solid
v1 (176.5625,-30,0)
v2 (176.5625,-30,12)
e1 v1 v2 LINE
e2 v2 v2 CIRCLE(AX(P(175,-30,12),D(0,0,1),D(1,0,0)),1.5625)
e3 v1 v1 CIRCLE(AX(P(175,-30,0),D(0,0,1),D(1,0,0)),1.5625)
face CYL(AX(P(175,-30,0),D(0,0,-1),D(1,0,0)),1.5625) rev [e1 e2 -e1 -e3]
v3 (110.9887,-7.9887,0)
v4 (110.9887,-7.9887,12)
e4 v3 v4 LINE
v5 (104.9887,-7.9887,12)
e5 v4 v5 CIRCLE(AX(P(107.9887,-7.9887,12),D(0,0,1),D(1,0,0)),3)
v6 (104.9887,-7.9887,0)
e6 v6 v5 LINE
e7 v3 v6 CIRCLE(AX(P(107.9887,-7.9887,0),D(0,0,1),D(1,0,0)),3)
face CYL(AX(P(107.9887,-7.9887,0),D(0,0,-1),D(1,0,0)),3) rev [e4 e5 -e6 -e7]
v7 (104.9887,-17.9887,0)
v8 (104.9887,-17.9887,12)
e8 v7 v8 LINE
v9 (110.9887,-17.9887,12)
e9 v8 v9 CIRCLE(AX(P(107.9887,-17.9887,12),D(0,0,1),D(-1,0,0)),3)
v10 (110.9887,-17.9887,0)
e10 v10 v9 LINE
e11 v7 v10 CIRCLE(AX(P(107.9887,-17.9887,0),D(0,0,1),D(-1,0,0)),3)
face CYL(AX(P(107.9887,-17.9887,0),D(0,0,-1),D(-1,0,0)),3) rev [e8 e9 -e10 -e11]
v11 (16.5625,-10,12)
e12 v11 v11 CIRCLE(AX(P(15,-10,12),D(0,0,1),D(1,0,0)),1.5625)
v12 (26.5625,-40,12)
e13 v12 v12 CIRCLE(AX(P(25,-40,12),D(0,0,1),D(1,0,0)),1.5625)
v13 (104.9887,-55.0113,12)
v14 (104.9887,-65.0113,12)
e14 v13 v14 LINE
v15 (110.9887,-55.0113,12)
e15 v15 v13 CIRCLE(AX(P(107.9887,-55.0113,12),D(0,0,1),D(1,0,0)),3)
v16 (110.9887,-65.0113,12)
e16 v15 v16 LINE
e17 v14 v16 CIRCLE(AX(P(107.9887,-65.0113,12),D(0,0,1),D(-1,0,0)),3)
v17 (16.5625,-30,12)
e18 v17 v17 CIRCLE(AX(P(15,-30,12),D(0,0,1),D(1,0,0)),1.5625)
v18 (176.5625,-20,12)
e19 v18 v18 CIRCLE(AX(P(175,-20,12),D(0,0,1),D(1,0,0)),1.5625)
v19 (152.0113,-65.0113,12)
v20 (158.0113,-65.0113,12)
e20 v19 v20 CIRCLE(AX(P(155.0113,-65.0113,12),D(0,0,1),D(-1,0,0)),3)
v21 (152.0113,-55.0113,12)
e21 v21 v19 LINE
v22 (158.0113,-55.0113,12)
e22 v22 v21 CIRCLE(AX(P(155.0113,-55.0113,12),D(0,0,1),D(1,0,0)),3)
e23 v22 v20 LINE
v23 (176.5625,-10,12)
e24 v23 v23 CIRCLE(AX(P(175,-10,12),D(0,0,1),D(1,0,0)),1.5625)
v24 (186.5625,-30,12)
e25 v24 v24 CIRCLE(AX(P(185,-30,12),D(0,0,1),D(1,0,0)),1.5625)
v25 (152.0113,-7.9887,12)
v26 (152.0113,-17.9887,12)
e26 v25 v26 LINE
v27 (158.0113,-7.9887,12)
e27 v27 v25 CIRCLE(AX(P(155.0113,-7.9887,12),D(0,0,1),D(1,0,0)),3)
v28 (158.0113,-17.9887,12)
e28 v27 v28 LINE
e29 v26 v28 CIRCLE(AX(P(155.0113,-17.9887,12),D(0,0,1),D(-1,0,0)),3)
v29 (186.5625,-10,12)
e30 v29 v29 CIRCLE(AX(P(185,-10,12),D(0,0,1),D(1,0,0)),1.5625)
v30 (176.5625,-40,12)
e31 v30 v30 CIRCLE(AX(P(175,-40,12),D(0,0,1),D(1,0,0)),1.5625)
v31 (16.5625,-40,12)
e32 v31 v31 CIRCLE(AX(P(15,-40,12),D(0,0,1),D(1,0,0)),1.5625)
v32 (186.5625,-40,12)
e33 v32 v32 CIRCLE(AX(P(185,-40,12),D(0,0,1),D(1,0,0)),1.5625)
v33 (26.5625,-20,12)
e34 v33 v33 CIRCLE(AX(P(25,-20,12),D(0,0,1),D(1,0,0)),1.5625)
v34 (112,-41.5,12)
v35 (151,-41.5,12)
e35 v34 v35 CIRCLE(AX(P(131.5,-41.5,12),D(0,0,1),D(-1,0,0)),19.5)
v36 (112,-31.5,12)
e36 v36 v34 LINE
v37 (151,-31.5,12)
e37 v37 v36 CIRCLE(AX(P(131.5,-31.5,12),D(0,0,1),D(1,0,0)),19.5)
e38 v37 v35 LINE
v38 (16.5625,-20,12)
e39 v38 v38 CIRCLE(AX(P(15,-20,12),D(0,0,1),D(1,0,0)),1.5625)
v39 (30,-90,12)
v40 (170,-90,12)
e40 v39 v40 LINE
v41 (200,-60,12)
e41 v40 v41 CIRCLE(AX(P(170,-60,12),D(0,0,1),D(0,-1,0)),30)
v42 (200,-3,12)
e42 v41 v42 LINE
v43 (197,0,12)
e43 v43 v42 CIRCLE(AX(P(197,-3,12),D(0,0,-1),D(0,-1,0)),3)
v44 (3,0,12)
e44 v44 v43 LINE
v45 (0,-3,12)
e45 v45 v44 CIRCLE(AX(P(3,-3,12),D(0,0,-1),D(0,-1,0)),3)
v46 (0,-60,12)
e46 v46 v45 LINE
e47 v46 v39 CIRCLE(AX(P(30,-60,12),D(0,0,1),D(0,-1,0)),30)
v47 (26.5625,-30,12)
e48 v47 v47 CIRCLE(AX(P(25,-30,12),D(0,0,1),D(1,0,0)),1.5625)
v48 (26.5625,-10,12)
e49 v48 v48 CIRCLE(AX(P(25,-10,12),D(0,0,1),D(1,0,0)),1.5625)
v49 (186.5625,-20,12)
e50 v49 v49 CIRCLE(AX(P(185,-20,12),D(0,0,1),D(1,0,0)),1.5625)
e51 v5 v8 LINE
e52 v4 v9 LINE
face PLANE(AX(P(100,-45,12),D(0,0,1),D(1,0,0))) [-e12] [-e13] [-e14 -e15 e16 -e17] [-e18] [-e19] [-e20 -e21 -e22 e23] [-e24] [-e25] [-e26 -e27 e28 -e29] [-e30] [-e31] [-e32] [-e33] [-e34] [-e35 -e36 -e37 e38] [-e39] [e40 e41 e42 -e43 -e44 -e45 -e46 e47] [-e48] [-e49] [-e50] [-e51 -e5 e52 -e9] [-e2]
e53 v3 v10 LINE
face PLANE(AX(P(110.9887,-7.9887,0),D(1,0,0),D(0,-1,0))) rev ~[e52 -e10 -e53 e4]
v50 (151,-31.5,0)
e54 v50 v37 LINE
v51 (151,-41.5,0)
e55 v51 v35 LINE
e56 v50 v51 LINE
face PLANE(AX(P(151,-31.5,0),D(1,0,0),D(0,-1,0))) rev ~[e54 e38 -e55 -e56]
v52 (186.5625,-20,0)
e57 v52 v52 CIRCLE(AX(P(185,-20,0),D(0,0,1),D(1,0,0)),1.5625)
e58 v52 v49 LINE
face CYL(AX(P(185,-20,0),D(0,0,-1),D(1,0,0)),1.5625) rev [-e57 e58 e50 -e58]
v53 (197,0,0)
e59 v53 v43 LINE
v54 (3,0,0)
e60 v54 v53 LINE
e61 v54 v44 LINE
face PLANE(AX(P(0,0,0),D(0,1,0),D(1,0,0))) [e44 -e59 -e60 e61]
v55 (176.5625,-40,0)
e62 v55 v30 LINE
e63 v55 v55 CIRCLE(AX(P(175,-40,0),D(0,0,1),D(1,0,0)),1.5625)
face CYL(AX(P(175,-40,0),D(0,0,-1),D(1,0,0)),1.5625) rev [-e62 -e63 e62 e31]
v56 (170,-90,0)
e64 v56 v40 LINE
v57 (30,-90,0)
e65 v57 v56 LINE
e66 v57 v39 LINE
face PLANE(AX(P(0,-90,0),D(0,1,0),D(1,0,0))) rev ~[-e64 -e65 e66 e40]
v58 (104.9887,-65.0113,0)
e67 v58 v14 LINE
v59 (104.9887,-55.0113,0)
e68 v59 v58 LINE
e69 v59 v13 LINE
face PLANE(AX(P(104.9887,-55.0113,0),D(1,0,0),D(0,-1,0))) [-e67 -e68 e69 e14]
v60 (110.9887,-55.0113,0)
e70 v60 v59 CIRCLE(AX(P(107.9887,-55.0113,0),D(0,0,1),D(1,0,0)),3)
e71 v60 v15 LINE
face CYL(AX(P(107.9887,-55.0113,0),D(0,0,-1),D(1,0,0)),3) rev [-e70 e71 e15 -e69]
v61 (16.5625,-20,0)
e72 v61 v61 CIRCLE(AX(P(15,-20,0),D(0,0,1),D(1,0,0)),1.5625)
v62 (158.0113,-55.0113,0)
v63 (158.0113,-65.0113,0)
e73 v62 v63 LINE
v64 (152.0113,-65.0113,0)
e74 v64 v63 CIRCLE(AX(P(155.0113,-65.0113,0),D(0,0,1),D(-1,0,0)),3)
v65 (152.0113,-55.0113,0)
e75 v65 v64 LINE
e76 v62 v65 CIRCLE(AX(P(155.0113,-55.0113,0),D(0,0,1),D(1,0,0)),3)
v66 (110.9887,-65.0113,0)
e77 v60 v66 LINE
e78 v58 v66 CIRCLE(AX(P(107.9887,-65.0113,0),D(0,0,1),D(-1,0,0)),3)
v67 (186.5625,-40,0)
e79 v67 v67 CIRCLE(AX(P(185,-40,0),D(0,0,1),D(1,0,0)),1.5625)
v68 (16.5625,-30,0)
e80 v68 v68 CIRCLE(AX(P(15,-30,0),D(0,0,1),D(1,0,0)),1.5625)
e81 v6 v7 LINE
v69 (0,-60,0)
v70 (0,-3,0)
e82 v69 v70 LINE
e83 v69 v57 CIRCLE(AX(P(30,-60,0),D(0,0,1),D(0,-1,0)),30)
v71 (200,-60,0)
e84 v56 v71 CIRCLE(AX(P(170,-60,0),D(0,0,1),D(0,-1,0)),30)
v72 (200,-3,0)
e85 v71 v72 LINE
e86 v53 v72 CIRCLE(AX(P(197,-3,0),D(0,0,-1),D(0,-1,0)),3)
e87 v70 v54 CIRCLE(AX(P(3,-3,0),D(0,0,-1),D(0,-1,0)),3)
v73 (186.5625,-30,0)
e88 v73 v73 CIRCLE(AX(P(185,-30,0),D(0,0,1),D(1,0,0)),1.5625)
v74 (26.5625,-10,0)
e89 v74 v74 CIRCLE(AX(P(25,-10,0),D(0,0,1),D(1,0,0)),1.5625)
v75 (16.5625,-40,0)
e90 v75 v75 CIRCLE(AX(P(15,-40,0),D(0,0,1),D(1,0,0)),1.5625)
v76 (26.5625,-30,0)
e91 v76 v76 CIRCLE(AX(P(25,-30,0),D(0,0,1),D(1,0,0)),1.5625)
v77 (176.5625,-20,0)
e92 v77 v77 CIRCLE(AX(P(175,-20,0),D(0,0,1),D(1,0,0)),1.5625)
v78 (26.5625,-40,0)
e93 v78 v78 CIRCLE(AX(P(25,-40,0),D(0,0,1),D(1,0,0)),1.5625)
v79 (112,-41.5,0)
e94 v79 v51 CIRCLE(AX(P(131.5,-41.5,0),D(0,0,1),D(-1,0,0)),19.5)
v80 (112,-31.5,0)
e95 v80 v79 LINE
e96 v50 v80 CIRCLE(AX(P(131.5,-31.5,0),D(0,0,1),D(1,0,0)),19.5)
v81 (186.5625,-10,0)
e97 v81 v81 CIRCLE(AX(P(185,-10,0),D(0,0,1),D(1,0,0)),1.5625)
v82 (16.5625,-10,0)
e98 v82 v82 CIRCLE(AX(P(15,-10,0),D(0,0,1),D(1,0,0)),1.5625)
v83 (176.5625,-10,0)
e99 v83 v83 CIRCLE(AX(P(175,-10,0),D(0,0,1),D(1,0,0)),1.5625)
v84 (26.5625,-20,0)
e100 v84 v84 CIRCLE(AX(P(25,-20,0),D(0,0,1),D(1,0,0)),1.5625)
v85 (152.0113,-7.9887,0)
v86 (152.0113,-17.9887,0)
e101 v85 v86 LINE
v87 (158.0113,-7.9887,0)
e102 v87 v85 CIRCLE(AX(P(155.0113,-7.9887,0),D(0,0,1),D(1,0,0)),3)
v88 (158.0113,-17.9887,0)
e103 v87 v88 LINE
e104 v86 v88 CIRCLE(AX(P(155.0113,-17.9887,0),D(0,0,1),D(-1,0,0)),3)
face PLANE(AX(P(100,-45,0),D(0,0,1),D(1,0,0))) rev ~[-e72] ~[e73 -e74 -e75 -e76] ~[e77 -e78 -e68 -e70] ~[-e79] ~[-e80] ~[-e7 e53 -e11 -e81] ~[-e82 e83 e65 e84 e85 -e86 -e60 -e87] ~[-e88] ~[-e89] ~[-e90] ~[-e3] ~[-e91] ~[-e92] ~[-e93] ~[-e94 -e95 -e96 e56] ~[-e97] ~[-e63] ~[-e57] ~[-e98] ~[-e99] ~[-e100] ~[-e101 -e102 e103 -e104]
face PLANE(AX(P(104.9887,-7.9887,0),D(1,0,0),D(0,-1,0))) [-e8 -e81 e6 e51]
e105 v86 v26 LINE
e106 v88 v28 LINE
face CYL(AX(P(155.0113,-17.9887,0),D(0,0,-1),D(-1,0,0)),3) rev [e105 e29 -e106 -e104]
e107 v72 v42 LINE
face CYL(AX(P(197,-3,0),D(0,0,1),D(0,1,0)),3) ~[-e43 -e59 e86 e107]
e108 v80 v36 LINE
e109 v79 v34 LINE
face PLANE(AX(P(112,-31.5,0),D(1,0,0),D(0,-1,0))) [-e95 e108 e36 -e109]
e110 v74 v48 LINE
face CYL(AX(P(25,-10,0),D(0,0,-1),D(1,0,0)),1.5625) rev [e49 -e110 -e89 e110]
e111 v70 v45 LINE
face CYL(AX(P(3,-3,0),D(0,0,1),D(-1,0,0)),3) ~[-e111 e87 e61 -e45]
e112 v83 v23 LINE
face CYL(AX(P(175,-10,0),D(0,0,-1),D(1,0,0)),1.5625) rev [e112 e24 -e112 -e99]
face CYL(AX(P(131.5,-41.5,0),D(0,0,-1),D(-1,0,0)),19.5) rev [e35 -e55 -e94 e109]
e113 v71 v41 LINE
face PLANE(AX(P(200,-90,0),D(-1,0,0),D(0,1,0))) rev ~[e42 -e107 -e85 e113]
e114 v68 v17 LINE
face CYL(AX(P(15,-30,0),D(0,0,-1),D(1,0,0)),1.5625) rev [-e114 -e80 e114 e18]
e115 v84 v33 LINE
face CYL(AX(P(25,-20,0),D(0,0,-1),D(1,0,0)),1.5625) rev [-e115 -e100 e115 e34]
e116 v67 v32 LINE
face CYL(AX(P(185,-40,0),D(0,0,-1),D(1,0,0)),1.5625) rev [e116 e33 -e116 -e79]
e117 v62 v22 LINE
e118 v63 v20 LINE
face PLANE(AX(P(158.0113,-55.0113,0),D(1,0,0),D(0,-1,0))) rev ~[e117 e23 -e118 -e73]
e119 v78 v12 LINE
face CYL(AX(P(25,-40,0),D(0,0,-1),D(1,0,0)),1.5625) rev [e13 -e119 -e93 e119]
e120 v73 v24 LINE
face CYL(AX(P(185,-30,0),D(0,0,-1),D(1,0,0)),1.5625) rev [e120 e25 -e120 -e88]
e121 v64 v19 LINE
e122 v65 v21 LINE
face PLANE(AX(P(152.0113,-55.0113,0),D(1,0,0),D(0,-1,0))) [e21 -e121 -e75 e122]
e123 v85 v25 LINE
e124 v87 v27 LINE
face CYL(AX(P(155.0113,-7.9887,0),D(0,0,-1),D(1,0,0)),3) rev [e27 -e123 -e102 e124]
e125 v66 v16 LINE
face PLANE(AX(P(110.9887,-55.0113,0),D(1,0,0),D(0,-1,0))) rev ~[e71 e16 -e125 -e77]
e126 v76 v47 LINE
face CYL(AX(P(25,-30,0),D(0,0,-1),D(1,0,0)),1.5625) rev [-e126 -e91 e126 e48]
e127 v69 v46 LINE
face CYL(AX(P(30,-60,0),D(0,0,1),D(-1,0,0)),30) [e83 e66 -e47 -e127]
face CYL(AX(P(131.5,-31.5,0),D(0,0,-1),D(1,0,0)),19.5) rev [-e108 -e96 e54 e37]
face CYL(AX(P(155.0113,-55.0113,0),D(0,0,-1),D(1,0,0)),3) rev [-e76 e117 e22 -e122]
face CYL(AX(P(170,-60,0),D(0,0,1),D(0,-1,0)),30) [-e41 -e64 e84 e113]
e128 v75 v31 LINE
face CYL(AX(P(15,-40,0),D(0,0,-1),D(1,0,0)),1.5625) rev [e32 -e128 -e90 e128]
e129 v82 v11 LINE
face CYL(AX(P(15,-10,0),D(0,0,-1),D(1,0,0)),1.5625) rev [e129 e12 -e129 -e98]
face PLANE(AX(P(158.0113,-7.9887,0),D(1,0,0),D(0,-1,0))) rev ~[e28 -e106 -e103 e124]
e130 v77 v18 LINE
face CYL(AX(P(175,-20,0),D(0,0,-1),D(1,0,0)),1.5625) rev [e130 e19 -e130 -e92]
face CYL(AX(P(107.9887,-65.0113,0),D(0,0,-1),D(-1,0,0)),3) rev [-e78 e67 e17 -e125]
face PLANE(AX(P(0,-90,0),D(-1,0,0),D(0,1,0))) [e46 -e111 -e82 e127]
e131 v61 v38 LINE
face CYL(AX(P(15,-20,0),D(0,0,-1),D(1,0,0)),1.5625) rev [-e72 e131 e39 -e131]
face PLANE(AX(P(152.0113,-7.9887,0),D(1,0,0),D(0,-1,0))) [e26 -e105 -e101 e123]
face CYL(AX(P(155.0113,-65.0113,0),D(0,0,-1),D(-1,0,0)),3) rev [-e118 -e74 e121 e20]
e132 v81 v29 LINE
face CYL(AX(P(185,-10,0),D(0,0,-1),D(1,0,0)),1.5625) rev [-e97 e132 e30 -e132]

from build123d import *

# Parameters (mm, degrees)
SKETCH_W    = 200
SKETCH_H    = 90
SKETCH_R    = 1.5625
PAD_DEPTH   = 12
FILLET_R    = 30
FILLET001_R = 3


with BuildPart() as part:
    # Sketch → Pad (new body)
    with BuildSketch(Plane.XY):
        with Locations((100, -45)):
            Rectangle(SKETCH_W, SKETCH_H)
        with Locations((175, -10)):
            Circle(SKETCH_R, mode=Mode.SUBTRACT)
        with Locations((175, -30)):
            Circle(SKETCH_R, mode=Mode.SUBTRACT)
        with Locations((185, -20)):
            Circle(SKETCH_R, mode=Mode.SUBTRACT)
        with Locations((185, -40)):
            Circle(SKETCH_R, mode=Mode.SUBTRACT)
        with Locations((25, -10)):
            Circle(SKETCH_R, mode=Mode.SUBTRACT)
        with Locations((25, -30)):
            Circle(SKETCH_R, mode=Mode.SUBTRACT)
        with Locations((15, -20)):
            Circle(SKETCH_R, mode=Mode.SUBTRACT)
        with Locations((15, -40)):
            Circle(SKETCH_R, mode=Mode.SUBTRACT)
        with Locations((185, -10)):
            Circle(SKETCH_R, mode=Mode.SUBTRACT)
        with Locations((175, -20)):
            Circle(SKETCH_R, mode=Mode.SUBTRACT)
        with Locations((185, -30)):
            Circle(SKETCH_R, mode=Mode.SUBTRACT)
        with Locations((175, -40)):
            Circle(SKETCH_R, mode=Mode.SUBTRACT)
        with Locations((15, -10)):
            Circle(SKETCH_R, mode=Mode.SUBTRACT)
        with Locations((25, -20)):
            Circle(SKETCH_R, mode=Mode.SUBTRACT)
        with Locations((15, -30)):
            Circle(SKETCH_R, mode=Mode.SUBTRACT)
        with Locations((25, -40)):
            Circle(SKETCH_R, mode=Mode.SUBTRACT)
        with BuildLine():
            ThreePointArc((158.0113, -7.9887), (155.0113, -4.9887), (152.0113, -7.9887))
            Line((152.0113, -7.9887), (152.0113, -17.9887))
            ThreePointArc((152.0113, -17.9887), (155.0113, -20.9887), (158.0113, -17.9887))
            Line((158.0113, -7.9887), (158.0113, -17.9887))
        make_face(mode=Mode.SUBTRACT)
        with BuildLine():
            ThreePointArc((151, -31.5), (131.5, -12), (112, -31.5))
            Line((112, -31.5), (112, -41.5))
            ThreePointArc((112, -41.5), (131.5, -61), (151, -41.5))
            Line((151, -31.5), (151, -41.5))
        make_face(mode=Mode.SUBTRACT)
        with BuildLine():
            ThreePointArc((158.0113, -55.0113), (155.0113, -52.0113), (152.0113, -55.0113))
            Line((152.0113, -55.0113), (152.0113, -65.0113))
            ThreePointArc((152.0113, -65.0113), (155.0113, -68.0113), (158.0113, -65.0113))
            Line((158.0113, -55.0113), (158.0113, -65.0113))
        make_face(mode=Mode.SUBTRACT)
        with BuildLine():
            ThreePointArc((110.9887, -55.0113), (107.9887, -52.0113), (104.9887, -55.0113))
            Line((104.9887, -55.0113), (104.9887, -65.0113))
            ThreePointArc((104.9887, -65.0113), (107.9887, -68.0113), (110.9887, -65.0113))
            Line((110.9887, -55.0113), (110.9887, -65.0113))
        make_face(mode=Mode.SUBTRACT)
        with BuildLine():
            ThreePointArc((110.9887, -7.9887), (107.9887, -4.9887), (104.9887, -7.9887))
            Line((104.9887, -7.9887), (104.9887, -17.9887))
            ThreePointArc((104.9887, -17.9887), (107.9887, -20.9887), (110.9887, -17.9887))
            Line((110.9887, -7.9887), (110.9887, -17.9887))
        make_face(mode=Mode.SUBTRACT)
    extrude(amount=PAD_DEPTH)

    # Fillet
    fillet_edges = [part.edges().sort_by_distance(p)[0] for p in [
        (0, -90, 6),
        (200, -90, 6),
    ]]
    fillet(fillet_edges, radius=FILLET_R)

    # Fillet001
    fillet001_edges = [part.edges().sort_by_distance(p)[0] for p in [
        (200, 0, 6),
        (0, 0, 6),
    ]]
    fillet(fillet001_edges, radius=FILLET001_R)


solid = part.part
